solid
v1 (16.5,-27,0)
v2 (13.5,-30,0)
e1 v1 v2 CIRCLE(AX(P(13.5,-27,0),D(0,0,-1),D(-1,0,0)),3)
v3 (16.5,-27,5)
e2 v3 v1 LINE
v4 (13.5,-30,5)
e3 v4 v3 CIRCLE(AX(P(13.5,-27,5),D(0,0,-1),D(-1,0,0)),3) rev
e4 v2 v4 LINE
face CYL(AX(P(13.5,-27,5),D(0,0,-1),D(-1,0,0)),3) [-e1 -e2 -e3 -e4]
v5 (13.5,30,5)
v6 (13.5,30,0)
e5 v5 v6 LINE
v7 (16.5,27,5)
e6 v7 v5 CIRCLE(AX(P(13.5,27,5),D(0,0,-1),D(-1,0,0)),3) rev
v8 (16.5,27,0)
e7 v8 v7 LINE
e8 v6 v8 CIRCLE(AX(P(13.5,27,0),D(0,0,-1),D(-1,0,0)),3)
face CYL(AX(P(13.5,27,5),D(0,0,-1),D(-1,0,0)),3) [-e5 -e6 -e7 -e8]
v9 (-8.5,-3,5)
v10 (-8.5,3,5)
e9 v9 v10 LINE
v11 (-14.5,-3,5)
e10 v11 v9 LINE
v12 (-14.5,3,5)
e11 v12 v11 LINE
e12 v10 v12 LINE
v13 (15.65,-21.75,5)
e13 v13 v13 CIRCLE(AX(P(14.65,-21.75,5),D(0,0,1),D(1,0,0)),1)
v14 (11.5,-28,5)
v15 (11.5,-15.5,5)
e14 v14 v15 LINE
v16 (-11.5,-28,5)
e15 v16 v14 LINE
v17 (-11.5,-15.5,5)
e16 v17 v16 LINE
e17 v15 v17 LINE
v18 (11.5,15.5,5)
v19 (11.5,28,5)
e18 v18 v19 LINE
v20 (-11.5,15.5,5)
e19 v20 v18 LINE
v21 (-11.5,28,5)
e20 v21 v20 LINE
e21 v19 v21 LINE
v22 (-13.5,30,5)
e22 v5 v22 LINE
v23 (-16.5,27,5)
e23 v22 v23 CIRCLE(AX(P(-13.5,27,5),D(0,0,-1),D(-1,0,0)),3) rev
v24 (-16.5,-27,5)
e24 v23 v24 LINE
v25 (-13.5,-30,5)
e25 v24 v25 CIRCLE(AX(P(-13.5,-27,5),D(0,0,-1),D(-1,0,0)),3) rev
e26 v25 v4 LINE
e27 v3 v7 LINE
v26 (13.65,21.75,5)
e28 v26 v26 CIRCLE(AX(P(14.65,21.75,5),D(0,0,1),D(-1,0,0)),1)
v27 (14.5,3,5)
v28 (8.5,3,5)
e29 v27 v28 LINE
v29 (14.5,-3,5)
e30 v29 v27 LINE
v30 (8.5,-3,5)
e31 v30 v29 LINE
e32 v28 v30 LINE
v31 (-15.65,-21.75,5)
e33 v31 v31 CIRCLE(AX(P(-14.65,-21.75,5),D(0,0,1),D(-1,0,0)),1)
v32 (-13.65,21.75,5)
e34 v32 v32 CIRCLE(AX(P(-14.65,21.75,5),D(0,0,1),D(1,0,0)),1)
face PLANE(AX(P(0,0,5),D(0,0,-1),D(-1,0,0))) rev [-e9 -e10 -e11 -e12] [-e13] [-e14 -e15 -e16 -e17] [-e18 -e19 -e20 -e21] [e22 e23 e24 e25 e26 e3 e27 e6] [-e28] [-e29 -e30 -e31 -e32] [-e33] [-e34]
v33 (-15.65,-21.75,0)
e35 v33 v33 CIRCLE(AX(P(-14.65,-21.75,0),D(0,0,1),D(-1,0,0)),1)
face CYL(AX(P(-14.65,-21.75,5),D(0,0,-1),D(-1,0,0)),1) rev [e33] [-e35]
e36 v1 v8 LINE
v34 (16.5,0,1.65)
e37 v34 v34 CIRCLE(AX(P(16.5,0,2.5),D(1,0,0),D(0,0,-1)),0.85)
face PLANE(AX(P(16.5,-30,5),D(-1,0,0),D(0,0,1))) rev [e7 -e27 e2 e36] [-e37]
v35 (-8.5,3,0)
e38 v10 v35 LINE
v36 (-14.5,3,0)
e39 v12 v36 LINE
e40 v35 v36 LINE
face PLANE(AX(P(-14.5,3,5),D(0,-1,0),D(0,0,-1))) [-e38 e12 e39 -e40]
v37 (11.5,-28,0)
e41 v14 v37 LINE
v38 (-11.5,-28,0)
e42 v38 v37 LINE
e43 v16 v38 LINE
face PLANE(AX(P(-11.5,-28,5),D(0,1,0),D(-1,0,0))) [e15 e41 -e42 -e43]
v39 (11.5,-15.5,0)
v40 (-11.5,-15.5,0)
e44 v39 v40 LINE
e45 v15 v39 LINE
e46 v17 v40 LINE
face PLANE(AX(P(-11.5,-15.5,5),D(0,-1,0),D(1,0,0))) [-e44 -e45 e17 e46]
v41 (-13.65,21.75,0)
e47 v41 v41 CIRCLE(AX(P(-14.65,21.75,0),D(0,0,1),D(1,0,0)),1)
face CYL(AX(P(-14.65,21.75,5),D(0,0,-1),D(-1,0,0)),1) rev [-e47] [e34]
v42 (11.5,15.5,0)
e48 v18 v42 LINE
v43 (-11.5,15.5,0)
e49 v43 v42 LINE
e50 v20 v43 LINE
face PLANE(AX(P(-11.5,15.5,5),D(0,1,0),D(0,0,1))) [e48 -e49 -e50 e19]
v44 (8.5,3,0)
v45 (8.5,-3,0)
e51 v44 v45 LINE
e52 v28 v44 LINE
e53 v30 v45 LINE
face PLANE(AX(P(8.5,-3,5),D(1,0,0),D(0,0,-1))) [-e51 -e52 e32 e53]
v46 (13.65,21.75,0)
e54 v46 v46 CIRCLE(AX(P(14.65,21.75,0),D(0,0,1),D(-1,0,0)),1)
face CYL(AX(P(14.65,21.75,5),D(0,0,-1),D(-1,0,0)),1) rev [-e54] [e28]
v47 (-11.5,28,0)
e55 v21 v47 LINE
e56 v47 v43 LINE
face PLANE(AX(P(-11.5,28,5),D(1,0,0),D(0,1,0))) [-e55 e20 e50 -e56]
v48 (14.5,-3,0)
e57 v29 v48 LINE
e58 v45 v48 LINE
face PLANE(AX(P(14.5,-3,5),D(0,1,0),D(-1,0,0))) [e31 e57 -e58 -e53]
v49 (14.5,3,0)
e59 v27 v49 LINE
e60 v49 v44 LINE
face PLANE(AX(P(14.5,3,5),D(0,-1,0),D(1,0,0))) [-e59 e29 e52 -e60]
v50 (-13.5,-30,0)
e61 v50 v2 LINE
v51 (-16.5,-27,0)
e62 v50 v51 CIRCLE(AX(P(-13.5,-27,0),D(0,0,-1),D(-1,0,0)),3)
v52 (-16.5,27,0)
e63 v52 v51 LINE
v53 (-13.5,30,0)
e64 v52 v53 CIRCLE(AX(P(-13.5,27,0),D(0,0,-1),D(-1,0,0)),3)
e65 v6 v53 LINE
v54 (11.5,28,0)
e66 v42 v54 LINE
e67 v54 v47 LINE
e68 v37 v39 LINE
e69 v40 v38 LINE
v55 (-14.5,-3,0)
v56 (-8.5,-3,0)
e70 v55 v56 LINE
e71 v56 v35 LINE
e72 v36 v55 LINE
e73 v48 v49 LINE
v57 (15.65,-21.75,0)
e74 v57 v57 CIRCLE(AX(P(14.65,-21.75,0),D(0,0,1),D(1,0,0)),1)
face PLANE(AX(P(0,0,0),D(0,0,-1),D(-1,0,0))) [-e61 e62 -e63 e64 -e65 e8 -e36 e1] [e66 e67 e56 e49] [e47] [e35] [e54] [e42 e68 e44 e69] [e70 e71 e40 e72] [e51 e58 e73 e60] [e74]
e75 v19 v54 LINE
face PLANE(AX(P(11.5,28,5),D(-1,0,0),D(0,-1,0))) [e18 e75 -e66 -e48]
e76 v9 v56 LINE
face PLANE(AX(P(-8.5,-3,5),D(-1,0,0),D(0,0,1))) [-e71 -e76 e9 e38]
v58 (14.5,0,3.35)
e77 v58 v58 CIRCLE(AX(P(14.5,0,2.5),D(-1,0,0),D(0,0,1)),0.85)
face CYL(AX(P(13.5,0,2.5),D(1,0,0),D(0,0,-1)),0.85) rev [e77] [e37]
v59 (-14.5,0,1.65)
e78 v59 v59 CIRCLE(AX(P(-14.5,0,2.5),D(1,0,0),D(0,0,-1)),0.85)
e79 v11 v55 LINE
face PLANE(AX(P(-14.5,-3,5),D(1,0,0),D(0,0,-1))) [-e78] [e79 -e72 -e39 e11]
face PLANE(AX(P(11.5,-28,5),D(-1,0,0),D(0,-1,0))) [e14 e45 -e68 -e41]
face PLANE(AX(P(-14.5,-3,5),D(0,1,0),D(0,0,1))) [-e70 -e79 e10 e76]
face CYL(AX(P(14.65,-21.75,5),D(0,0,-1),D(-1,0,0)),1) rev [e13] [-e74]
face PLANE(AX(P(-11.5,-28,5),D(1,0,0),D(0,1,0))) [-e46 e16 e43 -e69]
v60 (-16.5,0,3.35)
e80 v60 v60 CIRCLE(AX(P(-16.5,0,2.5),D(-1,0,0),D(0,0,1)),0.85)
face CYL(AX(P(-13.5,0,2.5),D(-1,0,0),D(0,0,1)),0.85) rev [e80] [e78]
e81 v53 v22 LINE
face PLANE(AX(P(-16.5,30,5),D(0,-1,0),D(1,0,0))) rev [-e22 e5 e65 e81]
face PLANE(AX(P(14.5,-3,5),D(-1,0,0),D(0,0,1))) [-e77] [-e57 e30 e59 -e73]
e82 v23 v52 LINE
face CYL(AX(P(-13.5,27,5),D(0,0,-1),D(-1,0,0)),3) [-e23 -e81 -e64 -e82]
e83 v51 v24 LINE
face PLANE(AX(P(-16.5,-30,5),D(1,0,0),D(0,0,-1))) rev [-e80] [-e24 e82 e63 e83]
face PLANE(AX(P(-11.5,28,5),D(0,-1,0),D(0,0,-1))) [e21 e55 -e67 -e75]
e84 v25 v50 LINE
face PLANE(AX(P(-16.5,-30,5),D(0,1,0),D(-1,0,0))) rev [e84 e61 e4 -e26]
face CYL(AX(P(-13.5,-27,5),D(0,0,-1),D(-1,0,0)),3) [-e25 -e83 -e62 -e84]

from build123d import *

# Parameters (mm, degrees)
SKETCH1_W           = 33
SKETCH1_H           = 60
SKETCH1_R           = 1
SKETCH1_W_2         = 23
SKETCH1_H_2         = 12.5
SKETCH1_W_3         = 6
SKETCH1_H_3         = 6
BOSS_EXTRUDE1_DEPTH = 5
SKETCH2_R           = 0.85
CUT_EXTRUDE1_DEPTH  = 3
CUT_EXTRUDE2_START  = -3
SKETCH3_R           = 0.85
CUT_EXTRUDE2_DEPTH  = 3
FILLET1_R           = 3


with BuildPart() as part:
    # Sketch1 → Boss-Extrude1 (new body)
    with BuildSketch(Plane.XY):
        Rectangle(SKETCH1_W, SKETCH1_H)
        with Locations((-14.65, 21.75)):
            Circle(SKETCH1_R, mode=Mode.SUBTRACT)
        with Locations(Location((14.65, 21.75, 0), (0, 0, 180))):
            Circle(SKETCH1_R, mode=Mode.SUBTRACT)
        with Locations((14.65, -21.75)):
            Circle(SKETCH1_R, mode=Mode.SUBTRACT)
        with Locations(Location((-14.65, -21.75, 0), (0, 0, 180))):
            Circle(SKETCH1_R, mode=Mode.SUBTRACT)
        with Locations((0, 21.75)):
            Rectangle(SKETCH1_W_2, SKETCH1_H_2, mode=Mode.SUBTRACT)
        with Locations((0, -21.75)):
            Rectangle(SKETCH1_W_2, SKETCH1_H_2, mode=Mode.SUBTRACT)
        with Locations((11.5, 0)):
            Rectangle(SKETCH1_W_3, SKETCH1_H_3, mode=Mode.SUBTRACT)
        with Locations((-11.5, 0)):
            Rectangle(SKETCH1_W_3, SKETCH1_H_3, mode=Mode.SUBTRACT)
    extrude(amount=BOSS_EXTRUDE1_DEPTH)

    # Sketch2 → Cut-Extrude1 (cut)
    with BuildSketch(Plane(origin=(16.5, 0, 0), x_dir=(0, 0, -1), z_dir=(1, 0, 0))):
        with Locations((-2.5, 0)):
            Circle(SKETCH2_R)
    extrude(amount=-CUT_EXTRUDE1_DEPTH, mode=Mode.SUBTRACT)

    # Sketch3 → Cut-Extrude2 (cut)
    with BuildSketch(Plane.ZY.offset(16.5).offset(CUT_EXTRUDE2_START)):
        with Locations(Location((2.5, 0, 0), (0, 0, 180))):
            Circle(SKETCH3_R)
    extrude(amount=CUT_EXTRUDE2_DEPTH, mode=Mode.SUBTRACT)

    # Fillet1
    fillet1_edges = [part.edges().sort_by_distance(p)[0] for p in [
        (16.5, -30, 2.5),
        (-16.5, -30, 2.5),
        (-16.5, 30, 2.5),
        (16.5, 30, 2.5),
    ]]
    fillet(fillet1_edges, radius=FILLET1_R)


solid = part.part
